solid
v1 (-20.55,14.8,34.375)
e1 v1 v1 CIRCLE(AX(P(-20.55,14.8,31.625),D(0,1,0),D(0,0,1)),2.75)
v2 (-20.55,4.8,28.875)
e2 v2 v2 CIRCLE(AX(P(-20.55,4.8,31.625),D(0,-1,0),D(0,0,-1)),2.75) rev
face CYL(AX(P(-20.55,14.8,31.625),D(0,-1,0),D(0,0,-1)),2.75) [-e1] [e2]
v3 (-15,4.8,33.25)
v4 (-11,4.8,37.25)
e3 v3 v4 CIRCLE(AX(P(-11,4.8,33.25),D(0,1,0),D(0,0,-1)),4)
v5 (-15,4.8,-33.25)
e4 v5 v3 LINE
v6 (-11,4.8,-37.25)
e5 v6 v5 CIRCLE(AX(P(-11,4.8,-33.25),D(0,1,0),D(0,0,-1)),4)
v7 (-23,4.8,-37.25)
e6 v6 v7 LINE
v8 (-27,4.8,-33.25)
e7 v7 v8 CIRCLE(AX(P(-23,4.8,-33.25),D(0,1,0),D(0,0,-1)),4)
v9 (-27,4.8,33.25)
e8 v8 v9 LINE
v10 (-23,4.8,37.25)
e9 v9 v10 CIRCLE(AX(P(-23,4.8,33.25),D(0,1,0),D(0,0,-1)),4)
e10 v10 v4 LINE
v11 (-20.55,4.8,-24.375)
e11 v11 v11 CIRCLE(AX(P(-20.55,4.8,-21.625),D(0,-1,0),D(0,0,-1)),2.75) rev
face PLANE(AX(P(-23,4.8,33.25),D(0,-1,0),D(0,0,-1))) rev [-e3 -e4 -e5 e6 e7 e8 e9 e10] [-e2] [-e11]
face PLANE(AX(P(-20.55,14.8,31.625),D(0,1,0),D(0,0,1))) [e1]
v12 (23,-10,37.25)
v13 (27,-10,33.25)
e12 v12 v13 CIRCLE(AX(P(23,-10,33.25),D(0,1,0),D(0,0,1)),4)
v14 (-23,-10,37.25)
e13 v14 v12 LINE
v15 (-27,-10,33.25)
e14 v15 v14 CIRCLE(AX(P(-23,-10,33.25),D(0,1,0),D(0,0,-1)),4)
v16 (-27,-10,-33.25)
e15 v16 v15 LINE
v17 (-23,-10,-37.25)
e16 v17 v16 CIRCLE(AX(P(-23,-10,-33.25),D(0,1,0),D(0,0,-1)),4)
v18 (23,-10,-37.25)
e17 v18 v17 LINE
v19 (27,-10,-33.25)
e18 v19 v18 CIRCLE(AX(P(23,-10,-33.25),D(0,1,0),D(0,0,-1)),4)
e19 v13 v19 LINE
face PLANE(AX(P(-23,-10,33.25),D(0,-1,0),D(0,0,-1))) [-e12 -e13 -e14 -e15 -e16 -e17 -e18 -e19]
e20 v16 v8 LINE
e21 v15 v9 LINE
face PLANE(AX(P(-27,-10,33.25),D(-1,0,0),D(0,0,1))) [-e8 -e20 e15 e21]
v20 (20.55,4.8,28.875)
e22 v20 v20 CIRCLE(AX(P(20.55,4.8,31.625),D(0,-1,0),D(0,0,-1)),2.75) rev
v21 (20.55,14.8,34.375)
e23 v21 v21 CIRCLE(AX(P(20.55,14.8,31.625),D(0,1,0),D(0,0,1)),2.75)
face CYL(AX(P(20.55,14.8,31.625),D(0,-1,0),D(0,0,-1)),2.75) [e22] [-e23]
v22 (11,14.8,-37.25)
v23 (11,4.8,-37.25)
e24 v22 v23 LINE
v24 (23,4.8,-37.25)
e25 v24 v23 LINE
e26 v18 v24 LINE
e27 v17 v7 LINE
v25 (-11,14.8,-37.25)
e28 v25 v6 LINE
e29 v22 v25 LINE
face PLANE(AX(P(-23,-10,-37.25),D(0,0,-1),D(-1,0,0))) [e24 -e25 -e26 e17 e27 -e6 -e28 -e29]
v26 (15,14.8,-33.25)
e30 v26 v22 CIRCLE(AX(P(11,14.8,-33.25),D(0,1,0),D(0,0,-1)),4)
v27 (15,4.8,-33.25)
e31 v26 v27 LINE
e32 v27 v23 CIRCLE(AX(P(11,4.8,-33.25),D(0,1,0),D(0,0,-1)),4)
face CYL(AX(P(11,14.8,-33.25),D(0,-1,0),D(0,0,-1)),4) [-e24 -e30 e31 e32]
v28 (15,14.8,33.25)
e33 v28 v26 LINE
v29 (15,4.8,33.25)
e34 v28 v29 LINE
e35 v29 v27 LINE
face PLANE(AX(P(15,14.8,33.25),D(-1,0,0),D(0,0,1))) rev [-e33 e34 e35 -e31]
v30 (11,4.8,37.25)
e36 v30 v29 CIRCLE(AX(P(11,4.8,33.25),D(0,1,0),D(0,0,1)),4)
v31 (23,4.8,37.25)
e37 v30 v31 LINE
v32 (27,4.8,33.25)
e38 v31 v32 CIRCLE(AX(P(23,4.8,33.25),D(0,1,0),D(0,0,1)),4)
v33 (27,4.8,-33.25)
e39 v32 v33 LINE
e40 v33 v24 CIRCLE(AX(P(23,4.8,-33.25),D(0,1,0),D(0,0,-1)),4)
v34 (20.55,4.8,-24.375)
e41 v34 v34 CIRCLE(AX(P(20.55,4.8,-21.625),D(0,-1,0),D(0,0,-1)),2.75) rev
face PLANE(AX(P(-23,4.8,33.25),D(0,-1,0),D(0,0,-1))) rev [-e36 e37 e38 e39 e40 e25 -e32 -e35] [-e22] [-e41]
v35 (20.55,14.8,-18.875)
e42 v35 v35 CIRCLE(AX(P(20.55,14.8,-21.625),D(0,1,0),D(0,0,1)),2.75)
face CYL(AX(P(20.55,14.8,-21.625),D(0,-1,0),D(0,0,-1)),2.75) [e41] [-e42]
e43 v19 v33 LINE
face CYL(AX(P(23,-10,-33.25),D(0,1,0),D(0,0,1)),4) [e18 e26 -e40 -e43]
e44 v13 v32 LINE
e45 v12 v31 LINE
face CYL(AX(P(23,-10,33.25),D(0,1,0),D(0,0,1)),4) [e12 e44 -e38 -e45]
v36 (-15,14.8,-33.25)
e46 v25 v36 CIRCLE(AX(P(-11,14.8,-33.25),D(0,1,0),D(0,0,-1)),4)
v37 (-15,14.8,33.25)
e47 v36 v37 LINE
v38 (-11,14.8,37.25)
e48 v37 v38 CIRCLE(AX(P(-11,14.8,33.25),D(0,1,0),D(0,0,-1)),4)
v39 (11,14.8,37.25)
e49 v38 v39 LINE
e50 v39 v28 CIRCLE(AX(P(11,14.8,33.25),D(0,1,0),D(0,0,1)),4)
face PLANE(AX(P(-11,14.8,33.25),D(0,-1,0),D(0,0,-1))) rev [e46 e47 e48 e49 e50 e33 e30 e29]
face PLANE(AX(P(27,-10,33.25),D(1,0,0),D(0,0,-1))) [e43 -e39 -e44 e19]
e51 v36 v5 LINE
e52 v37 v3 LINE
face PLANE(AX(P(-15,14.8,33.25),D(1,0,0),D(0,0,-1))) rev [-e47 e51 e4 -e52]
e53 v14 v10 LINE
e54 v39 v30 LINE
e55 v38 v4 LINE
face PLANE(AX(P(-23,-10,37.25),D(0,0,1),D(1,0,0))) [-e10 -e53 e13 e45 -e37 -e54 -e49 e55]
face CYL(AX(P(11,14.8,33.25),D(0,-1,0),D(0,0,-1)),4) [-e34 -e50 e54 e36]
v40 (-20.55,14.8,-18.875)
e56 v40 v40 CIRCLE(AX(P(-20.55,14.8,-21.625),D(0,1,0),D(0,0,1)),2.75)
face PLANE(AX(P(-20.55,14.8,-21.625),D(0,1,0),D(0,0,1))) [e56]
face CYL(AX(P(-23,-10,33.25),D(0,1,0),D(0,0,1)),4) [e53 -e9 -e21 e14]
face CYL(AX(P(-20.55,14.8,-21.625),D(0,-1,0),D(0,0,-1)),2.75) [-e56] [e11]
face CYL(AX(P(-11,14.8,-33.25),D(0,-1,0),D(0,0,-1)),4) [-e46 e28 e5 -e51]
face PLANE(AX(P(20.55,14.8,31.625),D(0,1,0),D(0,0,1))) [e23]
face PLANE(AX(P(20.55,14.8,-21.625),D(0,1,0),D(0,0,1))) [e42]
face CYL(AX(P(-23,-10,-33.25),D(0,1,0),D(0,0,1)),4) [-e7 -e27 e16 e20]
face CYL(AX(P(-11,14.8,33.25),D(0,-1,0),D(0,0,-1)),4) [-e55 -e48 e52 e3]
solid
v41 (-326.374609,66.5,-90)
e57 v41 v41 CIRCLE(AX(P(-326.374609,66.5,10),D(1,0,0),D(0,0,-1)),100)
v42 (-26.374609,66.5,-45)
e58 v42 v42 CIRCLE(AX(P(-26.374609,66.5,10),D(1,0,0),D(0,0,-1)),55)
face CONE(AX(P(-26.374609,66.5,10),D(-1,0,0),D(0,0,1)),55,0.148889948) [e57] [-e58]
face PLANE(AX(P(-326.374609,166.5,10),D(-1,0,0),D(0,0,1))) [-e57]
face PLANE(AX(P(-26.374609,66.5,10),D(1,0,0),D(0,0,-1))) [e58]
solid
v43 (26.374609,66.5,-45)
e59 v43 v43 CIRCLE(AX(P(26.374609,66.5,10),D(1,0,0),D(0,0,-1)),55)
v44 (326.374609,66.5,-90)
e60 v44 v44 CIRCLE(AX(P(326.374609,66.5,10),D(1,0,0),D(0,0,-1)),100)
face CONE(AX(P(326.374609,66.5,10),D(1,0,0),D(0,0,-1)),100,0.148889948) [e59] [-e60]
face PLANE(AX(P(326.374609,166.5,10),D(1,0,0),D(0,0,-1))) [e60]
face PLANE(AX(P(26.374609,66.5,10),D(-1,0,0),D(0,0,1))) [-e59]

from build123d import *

# Parameters (mm, degrees)
BOSS_EXTRUDE1_DEPTH      = 4.8
BOSS_EXTRUDE1_DEPTH_BACK = 10
SKETCH2_R                = 2.75
BOSS_EXTRUDE2_DEPTH      = 10


with BuildPart() as part:
    # Sketch1 → Boss-Extrude1 (new body, two sides)
    with BuildSketch(Plane(origin=(0, 0, 0), x_dir=(1, 0, 0), z_dir=(0, 1, 0))) as boss_extrude1_sk:
        with BuildLine():
            Line((-23, -37.25), (23, -37.25))
            ThreePointArc((23, -37.25), (25.828427125, -36.078427125), (27, -33.25))
            Line((27, -33.25), (27, 33.25))
            ThreePointArc((27, 33.25), (25.828427125, 36.078427125), (23, 37.25))
            Line((23, 37.25), (-23, 37.25))
            ThreePointArc((-23, 37.25), (-25.828427125, 36.078427125), (-27, 33.25))
            Line((-27, 33.25), (-27, -33.25))
            ThreePointArc((-27, -33.25), (-25.828427125, -36.078427125), (-23, -37.25))
        make_face()
    extrude(amount=BOSS_EXTRUDE1_DEPTH)
    extrude(boss_extrude1_sk.sketch, amount=-BOSS_EXTRUDE1_DEPTH_BACK)

    # Sketch2 → Boss-Extrude2 (add)
    with BuildSketch(Plane(origin=(0, 4.8, 0), x_dir=(1, 0, 0), z_dir=(0, 1, 0))):
        with Locations((20.55, -31.625)):
            Circle(SKETCH2_R)
        with Locations((-20.55, -31.625)):
            Circle(SKETCH2_R)
        with Locations((-20.55, 21.625)):
            Circle(SKETCH2_R)
        with Locations((20.55, 21.625)):
            Circle(SKETCH2_R)
        with BuildLine():
            Line((-11, -37.25), (11, -37.25))
            ThreePointArc((11, -37.25), (13.828427125, -36.078427125), (15, -33.25))
            Line((15, -33.25), (15, 33.25))
            ThreePointArc((15, 33.25), (13.828427125, 36.078427125), (11, 37.25))
            Line((11, 37.25), (-11, 37.25))
            ThreePointArc((-11, 37.25), (-13.828427125, 36.078427125), (-15, 33.25))
            Line((-15, 33.25), (-15, -33.25))
            ThreePointArc((-15, -33.25), (-13.828427125, -36.078427125), (-11, -37.25))
        make_face()
    extrude(amount=BOSS_EXTRUDE2_DEPTH)


with BuildPart() as body_2:
    # Sketch3 → Revolve2 (revolve)
    with BuildSketch(Plane.XY.offset(10)):
        Polygon((26.374608886, 121.5), (326.374608886, 166.5), (326.374608886, 66.5), (26.374608886, 66.5), align=None)
        Polygon((-26.374608886, 66.5), (-26.374608886, 121.5), (-326.374608886, 166.5), (-326.374608886, 66.5), align=None)
    revolve(axis=Axis((-26.374608886, 66.5, 10), (-1, 0, 0)))


solid = Compound([part.part, body_2.part])
